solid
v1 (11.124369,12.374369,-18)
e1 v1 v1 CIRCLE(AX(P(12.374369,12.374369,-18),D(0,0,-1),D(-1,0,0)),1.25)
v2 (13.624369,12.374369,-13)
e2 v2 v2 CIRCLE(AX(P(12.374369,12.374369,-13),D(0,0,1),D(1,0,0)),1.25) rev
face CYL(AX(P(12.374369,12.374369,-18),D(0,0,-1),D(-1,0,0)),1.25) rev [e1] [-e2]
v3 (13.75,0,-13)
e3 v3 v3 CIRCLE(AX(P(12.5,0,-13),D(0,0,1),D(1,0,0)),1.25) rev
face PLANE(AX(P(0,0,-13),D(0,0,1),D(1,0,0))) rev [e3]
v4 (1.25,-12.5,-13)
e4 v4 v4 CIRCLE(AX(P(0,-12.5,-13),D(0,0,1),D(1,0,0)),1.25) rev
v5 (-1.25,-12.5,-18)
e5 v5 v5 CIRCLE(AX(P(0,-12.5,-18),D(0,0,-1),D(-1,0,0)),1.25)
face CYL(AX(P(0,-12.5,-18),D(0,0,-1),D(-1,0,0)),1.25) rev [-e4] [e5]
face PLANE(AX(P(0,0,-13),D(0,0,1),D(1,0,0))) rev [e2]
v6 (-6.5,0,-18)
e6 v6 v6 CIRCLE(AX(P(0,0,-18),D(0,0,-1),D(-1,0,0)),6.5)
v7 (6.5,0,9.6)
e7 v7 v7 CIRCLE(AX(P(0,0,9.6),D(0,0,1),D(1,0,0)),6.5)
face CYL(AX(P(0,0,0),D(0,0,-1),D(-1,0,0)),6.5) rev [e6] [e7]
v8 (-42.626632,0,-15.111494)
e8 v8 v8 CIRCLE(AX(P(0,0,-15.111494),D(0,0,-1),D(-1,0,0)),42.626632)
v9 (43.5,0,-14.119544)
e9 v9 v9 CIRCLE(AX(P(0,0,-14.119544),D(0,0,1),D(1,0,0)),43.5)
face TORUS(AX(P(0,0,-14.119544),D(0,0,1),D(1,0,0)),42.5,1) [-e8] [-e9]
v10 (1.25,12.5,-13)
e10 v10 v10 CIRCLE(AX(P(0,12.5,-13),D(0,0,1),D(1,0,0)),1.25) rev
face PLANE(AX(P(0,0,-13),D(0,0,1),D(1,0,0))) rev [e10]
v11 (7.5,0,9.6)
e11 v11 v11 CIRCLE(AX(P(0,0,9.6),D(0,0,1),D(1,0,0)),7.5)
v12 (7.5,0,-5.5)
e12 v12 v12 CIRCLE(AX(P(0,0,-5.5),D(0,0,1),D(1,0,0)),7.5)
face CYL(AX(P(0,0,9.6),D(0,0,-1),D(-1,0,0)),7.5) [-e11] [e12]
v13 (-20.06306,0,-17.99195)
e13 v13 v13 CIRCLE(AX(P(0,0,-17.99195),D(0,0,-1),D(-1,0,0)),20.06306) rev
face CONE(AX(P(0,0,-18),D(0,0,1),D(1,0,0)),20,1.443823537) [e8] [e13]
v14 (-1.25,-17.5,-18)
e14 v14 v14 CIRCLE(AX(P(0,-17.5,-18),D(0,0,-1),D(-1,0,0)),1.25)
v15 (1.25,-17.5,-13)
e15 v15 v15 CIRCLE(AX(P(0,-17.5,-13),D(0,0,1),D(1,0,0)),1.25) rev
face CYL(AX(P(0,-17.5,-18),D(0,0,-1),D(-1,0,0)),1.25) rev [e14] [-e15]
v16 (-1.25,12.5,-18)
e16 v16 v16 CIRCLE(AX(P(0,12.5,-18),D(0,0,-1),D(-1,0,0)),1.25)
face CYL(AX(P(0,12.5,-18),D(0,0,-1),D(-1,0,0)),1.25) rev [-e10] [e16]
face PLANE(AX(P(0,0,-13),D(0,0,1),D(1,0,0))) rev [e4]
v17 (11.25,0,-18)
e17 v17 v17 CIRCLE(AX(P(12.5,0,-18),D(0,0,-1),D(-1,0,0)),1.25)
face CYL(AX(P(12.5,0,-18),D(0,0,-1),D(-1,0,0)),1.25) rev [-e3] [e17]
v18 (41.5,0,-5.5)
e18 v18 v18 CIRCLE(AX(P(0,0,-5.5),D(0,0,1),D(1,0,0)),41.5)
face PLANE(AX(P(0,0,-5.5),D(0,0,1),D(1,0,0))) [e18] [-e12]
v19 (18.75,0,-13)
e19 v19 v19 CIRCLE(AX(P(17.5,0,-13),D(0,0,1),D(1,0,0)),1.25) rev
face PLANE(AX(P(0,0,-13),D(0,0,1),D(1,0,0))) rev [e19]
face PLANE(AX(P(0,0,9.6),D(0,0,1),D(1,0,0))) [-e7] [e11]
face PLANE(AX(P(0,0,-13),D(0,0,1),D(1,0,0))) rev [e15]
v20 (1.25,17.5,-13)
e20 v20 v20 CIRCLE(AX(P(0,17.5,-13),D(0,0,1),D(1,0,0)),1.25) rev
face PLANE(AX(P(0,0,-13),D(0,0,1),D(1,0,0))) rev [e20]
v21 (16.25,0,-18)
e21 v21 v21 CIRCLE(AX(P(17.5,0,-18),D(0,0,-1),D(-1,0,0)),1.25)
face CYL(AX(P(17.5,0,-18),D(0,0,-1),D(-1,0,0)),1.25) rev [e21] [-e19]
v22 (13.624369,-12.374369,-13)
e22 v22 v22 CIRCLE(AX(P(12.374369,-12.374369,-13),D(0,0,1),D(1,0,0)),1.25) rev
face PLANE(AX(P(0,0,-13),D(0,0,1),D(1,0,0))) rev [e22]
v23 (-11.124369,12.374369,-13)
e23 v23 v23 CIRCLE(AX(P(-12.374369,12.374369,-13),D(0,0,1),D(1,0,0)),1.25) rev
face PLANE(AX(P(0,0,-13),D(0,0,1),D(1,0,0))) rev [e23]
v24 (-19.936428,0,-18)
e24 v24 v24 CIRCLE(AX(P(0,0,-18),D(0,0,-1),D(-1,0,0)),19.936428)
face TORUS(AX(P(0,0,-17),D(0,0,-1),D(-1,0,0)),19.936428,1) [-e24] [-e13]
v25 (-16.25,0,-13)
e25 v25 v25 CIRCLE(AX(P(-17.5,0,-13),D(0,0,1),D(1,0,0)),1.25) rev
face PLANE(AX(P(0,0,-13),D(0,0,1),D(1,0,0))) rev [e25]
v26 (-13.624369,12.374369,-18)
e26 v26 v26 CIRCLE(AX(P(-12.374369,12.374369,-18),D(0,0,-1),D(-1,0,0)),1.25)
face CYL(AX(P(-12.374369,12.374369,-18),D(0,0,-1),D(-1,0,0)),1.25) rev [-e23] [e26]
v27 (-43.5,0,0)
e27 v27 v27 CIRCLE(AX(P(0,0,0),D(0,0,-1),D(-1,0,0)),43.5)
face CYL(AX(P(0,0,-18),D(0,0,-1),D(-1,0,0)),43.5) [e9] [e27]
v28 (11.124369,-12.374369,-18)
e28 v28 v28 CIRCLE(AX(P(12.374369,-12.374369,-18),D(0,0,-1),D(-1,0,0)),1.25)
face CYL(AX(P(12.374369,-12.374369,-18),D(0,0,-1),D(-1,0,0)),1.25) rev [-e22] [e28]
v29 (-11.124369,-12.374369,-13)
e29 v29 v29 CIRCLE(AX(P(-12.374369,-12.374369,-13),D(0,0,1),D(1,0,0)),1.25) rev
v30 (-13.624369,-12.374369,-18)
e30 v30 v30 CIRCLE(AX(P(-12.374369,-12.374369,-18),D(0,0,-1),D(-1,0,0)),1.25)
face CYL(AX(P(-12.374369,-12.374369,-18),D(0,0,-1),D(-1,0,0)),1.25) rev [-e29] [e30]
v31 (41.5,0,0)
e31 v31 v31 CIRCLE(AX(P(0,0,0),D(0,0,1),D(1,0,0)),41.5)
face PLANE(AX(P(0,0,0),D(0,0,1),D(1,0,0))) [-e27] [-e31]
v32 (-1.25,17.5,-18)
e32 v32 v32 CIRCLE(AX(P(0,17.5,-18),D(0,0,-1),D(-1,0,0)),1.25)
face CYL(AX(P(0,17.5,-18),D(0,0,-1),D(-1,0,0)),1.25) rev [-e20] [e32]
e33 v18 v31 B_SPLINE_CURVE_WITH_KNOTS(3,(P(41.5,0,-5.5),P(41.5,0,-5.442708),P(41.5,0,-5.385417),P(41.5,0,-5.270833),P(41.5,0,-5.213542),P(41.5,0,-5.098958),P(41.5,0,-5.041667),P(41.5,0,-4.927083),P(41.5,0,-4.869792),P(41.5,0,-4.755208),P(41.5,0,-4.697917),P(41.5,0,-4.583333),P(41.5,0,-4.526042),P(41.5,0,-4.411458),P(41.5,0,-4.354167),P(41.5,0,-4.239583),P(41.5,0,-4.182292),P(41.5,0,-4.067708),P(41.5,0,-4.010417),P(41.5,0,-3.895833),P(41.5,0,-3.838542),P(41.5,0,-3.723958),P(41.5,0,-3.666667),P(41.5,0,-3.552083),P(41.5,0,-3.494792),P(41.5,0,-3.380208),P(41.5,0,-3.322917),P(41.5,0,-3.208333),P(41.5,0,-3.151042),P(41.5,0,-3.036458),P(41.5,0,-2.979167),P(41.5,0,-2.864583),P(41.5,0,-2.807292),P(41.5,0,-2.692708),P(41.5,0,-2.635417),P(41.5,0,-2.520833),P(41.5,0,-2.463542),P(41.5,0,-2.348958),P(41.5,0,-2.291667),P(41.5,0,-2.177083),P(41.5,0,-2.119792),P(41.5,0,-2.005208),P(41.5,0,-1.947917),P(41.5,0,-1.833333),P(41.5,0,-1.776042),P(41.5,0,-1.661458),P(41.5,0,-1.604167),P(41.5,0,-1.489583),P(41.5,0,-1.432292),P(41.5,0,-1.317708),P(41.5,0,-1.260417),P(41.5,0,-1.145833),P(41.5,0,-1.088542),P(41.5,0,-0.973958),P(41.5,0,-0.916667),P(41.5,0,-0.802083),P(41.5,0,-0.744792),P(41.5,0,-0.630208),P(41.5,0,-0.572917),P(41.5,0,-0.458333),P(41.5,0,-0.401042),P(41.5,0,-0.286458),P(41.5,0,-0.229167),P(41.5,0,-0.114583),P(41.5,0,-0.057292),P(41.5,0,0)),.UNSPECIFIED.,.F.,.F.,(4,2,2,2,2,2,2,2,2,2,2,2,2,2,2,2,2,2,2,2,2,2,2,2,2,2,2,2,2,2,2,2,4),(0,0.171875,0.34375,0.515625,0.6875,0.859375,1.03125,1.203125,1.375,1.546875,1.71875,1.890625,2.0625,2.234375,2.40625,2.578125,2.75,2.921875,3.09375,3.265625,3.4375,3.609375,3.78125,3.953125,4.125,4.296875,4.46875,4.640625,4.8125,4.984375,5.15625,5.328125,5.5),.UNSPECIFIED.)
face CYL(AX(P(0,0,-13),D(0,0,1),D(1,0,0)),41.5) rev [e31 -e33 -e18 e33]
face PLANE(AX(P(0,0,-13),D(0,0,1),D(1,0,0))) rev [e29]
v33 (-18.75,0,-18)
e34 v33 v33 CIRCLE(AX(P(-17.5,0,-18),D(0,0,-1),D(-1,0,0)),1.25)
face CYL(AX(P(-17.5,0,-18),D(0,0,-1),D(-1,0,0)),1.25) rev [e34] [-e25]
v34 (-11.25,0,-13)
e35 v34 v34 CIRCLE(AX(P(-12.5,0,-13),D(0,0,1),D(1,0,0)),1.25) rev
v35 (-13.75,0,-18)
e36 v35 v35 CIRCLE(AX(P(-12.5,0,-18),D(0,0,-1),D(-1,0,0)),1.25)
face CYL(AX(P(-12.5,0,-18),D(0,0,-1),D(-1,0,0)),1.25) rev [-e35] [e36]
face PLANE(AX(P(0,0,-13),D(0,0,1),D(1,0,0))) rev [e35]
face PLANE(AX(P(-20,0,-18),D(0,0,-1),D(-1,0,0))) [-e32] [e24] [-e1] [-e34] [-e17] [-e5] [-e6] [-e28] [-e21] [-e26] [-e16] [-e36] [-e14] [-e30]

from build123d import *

# Parameters (mm, degrees)
SKETCH_2_R          = 41.5
CUT_EXTRUDE_1_DEPTH = 13
SKETCH_3_R          = 6.5
CUT_EXTRUDE_2_DEPTH = 65.097581858
SKETCH_4_R          = 7.5
SKETCH_4_R_2        = 6.5
EXTRUDE_1_DEPTH     = 22.6
M3X0_51_D           = 2.5
FILLET_1_R          = 1
SKETCH_8_R          = 41.5
SKETCH_8_R_2        = 7.5
EXTRUDE_2_DEPTH     = 7.5


with BuildPart() as part:
    # Эскиз1 → Повернуть1 (revolve)
    with BuildSketch(Plane(origin=(0, 0, 0), x_dir=(1, 0, 0), z_dir=(0, 1, 0))):
        Polygon((0, 0), (-43.5, 0), (-43.5, 15), (-20, 18), (0, 18), align=None)
    revolve(axis=Axis((0, 0, -18), (0, 0, 1)))

    # Эскиз2 → Вырез-Вытянуть1 (cut)
    with BuildSketch(Plane.XY):
        Circle(SKETCH_2_R)
    extrude(amount=-CUT_EXTRUDE_1_DEPTH, mode=Mode.SUBTRACT)

    # Эскиз3 → Вырез-Вытянуть2 (cut, through all)
    with BuildSketch(Plane(origin=(0, 0, -18), x_dir=(-1, 0, 0), z_dir=(0, 0, -1))):
        Circle(SKETCH_3_R)
    extrude(amount=-CUT_EXTRUDE_2_DEPTH, mode=Mode.SUBTRACT)

    # Эскиз4 → Бобышка-Вытянуть1 (add)
    with BuildSketch(Plane.XY.offset(-13)):
        Circle(SKETCH_4_R)
        with Locations(Location((0, 0, 0), (0, 0, 180))):
            Circle(SKETCH_4_R_2, mode=Mode.SUBTRACT)
    extrude(amount=EXTRUDE_1_DEPTH)

    # Отверстие обработанное метчиком M3x0.51 (through all)
    with Locations(Plane(origin=(0, 0, -18), x_dir=(-1, 0, 0), z_dir=(0, 0, -1))):
        with Locations((-12.374368671, 12.374368671), (0, 17.5), (12.374368671, 12.374368671), (17.5, 0), (12.374368671, -12.374368671), (0, -17.5), (-12.374368671, -12.374368671), (-17.5, 0), (-12.5, 0), (0, 12.5), (12.5, 0), (0, -12.5)):
            Hole(M3X0_51_D / 2)

    # Скругление1
    fillet_1_edges = [part.edges().sort_by_distance(p)[0] for p in [
        (20, 0, -18),
        (43.5, 0, -15),
    ]]
    fillet(fillet_1_edges, radius=FILLET_1_R)

    # Эскиз8 → Бобышка-Вытянуть2 (add)
    with BuildSketch(Plane.XY.offset(-13)):
        Circle(SKETCH_8_R)
        Circle(SKETCH_8_R_2, mode=Mode.SUBTRACT)
    extrude(amount=EXTRUDE_2_DEPTH)


solid = part.part
